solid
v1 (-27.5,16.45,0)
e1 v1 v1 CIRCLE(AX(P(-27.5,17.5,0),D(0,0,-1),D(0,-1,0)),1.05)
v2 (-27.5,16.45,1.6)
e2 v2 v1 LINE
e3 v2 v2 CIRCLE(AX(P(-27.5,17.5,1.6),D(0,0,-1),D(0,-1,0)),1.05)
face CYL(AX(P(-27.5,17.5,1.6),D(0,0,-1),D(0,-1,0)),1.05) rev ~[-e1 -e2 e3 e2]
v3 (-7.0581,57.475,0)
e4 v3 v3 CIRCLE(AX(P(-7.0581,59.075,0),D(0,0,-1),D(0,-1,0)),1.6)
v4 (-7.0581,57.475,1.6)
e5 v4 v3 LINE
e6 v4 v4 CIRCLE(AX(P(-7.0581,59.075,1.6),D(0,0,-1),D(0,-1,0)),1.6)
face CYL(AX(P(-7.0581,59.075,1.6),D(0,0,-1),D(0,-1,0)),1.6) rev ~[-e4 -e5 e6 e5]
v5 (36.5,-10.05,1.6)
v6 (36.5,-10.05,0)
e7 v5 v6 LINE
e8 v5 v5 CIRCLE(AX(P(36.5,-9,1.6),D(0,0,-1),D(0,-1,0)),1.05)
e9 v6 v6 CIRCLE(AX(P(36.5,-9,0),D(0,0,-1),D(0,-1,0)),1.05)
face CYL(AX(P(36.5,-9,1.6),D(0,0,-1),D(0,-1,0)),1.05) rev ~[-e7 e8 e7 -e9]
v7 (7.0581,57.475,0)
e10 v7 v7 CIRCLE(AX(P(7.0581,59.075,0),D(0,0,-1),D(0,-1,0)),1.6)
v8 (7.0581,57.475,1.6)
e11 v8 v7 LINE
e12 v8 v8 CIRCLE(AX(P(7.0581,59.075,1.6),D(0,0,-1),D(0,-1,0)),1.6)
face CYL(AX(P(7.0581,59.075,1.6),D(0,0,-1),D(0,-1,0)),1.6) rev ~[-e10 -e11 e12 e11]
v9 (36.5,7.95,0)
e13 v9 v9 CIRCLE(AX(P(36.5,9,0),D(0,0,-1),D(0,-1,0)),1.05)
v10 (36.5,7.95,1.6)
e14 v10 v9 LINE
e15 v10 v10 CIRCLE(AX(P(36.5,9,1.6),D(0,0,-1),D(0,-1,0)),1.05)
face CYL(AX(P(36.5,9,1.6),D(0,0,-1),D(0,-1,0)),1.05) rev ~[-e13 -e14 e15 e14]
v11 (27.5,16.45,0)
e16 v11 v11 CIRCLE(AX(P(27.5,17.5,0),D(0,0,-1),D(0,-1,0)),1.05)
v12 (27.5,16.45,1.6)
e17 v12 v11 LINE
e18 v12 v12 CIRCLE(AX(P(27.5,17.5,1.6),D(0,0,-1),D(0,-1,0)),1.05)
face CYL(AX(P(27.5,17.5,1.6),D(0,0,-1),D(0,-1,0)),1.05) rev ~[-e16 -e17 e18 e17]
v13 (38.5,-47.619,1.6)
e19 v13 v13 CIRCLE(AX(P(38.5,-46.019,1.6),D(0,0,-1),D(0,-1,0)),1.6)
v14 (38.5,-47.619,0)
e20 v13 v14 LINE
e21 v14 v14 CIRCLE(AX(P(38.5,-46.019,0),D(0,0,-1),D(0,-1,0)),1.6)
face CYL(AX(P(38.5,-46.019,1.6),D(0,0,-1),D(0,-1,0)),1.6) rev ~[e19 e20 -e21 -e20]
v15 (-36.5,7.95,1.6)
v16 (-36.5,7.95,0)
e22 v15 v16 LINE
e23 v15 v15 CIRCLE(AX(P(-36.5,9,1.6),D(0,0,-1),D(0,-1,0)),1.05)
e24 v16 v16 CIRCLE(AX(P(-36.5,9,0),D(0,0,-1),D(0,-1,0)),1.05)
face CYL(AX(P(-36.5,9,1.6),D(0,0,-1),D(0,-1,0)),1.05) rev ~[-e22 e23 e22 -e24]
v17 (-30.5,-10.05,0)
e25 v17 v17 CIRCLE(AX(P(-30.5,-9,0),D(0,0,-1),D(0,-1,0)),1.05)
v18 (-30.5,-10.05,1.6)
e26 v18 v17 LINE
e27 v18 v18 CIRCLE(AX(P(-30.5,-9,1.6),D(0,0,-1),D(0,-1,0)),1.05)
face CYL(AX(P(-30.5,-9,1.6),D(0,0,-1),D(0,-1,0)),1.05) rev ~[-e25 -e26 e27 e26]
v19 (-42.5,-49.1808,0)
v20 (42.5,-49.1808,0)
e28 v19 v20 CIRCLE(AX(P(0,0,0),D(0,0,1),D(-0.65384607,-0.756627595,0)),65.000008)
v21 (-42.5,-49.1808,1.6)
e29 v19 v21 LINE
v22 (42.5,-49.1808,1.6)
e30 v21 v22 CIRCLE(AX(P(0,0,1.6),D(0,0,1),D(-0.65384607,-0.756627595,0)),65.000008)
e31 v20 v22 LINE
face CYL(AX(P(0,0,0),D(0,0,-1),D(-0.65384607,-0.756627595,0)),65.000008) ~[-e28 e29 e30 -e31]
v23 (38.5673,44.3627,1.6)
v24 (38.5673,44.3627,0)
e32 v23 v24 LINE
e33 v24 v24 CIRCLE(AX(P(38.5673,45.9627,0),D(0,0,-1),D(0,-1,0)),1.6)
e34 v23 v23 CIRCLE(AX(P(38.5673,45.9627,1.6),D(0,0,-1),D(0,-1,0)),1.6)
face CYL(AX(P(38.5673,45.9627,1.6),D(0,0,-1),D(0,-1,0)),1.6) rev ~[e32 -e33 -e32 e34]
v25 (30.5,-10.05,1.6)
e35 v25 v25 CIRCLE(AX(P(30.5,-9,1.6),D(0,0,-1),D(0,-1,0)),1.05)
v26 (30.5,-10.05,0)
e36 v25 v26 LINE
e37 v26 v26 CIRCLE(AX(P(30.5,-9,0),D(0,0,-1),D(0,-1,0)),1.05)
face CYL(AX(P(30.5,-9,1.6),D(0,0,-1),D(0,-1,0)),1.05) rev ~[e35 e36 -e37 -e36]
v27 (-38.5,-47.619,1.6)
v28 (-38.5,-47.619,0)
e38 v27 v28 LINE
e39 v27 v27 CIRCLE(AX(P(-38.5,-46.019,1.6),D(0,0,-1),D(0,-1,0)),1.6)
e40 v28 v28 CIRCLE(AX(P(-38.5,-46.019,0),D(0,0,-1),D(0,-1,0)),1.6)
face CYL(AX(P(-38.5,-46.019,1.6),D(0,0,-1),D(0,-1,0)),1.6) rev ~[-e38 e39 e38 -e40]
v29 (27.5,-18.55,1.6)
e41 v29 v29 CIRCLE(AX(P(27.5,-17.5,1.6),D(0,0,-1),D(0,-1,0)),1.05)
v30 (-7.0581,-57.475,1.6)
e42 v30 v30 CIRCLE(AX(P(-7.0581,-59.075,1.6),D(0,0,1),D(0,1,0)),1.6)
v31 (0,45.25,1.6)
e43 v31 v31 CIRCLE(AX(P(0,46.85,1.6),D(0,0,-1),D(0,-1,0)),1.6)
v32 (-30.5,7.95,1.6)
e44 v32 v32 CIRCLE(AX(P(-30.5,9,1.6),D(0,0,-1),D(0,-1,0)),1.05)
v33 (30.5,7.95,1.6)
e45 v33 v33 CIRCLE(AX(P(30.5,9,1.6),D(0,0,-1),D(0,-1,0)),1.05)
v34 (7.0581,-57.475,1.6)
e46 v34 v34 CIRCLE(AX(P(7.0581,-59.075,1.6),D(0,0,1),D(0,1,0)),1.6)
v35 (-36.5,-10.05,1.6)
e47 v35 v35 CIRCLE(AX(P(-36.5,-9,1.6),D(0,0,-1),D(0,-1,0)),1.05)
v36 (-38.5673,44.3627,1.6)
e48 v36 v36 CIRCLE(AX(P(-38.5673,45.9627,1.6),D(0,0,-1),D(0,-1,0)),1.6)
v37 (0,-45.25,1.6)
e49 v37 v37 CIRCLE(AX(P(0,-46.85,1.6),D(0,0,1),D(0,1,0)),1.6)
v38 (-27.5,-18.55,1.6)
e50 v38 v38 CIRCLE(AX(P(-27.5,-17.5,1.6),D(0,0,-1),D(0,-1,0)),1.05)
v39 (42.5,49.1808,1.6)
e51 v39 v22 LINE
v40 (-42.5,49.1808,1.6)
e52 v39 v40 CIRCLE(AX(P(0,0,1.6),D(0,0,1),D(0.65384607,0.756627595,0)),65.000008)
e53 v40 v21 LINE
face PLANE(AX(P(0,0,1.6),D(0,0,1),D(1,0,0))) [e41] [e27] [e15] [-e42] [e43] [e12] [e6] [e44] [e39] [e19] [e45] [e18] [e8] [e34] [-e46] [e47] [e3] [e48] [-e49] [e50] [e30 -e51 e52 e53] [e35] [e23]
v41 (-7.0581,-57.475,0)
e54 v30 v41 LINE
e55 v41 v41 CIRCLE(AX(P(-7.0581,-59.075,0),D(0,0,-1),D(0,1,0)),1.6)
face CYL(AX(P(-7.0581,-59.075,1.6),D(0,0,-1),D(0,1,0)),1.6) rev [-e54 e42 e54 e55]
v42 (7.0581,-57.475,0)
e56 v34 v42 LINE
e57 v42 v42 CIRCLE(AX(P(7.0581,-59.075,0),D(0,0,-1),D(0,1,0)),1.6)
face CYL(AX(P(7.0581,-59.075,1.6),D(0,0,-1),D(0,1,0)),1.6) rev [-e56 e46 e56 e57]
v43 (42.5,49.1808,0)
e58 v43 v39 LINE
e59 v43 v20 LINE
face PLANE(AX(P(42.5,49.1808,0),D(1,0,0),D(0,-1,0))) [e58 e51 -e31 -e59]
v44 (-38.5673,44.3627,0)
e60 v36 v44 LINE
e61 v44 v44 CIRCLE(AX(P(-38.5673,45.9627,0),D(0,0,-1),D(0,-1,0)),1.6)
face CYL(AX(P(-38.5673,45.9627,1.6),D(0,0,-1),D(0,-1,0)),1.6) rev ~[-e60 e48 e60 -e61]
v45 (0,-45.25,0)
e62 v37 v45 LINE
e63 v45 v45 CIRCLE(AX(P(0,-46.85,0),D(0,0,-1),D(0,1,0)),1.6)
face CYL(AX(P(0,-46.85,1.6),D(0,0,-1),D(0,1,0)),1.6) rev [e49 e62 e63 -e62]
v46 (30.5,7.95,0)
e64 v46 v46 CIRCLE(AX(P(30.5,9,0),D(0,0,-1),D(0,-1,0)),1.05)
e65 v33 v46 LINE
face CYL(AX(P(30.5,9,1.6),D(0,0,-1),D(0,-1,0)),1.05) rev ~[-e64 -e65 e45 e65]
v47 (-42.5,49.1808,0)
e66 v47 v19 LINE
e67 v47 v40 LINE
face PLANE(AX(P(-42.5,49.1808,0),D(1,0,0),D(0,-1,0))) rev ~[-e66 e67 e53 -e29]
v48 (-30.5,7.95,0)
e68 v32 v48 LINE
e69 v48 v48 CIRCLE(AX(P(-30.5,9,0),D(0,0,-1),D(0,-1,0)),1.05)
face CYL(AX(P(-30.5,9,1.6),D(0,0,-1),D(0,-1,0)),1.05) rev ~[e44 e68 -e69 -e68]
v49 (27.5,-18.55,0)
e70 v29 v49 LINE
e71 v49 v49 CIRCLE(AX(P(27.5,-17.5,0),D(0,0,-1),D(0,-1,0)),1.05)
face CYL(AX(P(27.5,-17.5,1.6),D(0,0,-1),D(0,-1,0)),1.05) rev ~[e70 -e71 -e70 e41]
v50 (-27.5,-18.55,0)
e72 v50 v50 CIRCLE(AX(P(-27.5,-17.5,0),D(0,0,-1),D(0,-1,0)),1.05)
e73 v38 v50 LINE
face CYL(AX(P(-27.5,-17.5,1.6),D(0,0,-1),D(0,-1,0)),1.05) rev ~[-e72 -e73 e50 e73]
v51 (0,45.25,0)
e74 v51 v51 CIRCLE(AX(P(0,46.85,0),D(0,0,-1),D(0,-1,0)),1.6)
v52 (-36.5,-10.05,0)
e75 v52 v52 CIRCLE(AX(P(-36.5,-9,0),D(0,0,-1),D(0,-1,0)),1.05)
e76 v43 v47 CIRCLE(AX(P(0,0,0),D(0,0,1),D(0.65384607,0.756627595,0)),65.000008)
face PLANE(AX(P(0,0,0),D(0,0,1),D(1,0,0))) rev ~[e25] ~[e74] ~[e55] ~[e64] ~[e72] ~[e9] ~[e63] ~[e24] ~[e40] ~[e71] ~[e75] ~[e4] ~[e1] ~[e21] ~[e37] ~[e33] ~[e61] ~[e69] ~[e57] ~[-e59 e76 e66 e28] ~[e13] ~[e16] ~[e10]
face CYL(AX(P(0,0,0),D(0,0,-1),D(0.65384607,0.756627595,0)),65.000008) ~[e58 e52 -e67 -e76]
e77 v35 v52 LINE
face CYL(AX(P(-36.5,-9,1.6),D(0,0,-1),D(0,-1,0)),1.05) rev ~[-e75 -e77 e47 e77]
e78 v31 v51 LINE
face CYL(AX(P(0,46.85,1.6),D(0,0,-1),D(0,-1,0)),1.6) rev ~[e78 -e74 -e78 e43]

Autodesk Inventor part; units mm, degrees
ref_plane "YZ Plane" through (0, 0, 0) normal (1, 0, 0) x (0, 1, 0)
ref_plane "XZ Plane" through (0, 0, 0) normal (0, 1, 0) x (-1, 0, 0)
ref_plane "XY Plane" through (0, 0, 0) normal (0, 0, 1) x (1, 0, 0)
sketch "スケッチ1" plane through (0, 0, 0) normal (0, 0, 1) x (1, 0, 0)
  circle A0 centre (0, 0) radius 65 construction
  line L0 (-42.5, 65) -> (42.5, 65) construction
  line L1 (42.5, 65) -> (42.5, -65) construction
  line L2 (42.5, -65) -> (-42.5, -65) construction
  line L3 (-42.5, -65) -> (-42.5, 65) construction
  arc A1 (42.5, 49.1808) -> (-42.5, 49.1808) centre (0, 0) ccw
  line L4 (-42.5, 49.1808) -> (-42.5, -49.1808)
  line L5 (42.5, 49.1808) -> (42.5, -49.1808)
  arc A2 (-42.5, -49.1808) -> (42.5, -49.1808) centre (0, 0) ccw
  point P0 (0, 65)
  dimension "d0" = 130
  dimension "d1" = 85
extrude "基板" add sketch "スケッチ1" along normal blind 1.6
sketch "スケッチ2" plane through (0, 0, 1.6) normal (0, 0, 1) x (1, 0, 0)
  line L0 (-100.8621, 0) -> (100.8621, 0) construction
  line L1 (0, 110.7931) -> (0, -110.7931) construction
  line L2 (-42.5, 49.1808) -> (-42.5, -49.1808) construction
  circle A0 centre (0, 0) radius 60 construction
  point P0 (-36.5, 9)
  point P1 (-30.5, 9)
  point P2 (30.5, 9)
  point P3 (36.5, 9)
  point P4 (-36.5, -9)
  point P5 (-30.5, -9)
  point P6 (30.5, -9)
  point P7 (36.5, -9)
  point P8 (-40, -30)
  point P9 (-40, -45)
  point P10 (-42.5, -49.1808)
  point P11 (-27.5, -17.5)
  point P12 (-27.5, 17.5)
  point P13 (27.5, -17.5)
  point P14 (27.5, 17.5)
  dimension "d4" = 18
  dimension "d5" = 6
  dimension "d6" = 6
  dimension "d26" = 120
  dimension "d38" = 35
  dimension "d39" = 15
hole "モータ取付穴" at (-36.5, 9, 1.6) at (-30.5, 9, 1.6) at (30.5, 9, 1.6) at (36.5, 9, 1.6) at (-36.5, -9, 1.6) at (-30.5, -9, 1.6) at (30.5, -9, 1.6) at (36.5, -9, 1.6) at (-27.5, -17.5, 1.6) at (-27.5, 17.5, 1.6) at (27.5, -17.5, 1.6) at (27.5, 17.5, 1.6) direction (0, 0, -1) diameter 2.1 end through all
sketch "スケッチ3" plane through (0, 0, 1.6) normal (0, 0, 1) x (1, 0, 0)
  line L0 (0, 0) -> (0, 55.332) construction
  line L1 (-15.38, 55) -> (15.38, 55) construction
  line L2 (0, 46.85) -> (-7.0581, 50.925) construction
  line L3 (-7.0581, 50.925) -> (-7.0581, 59.075) construction
  line L4 (-7.0581, 59.075) -> (0, 63.15) construction
  line L5 (0, 63.15) -> (7.0581, 59.075) construction
  line L6 (7.0581, 59.075) -> (7.0581, 50.925) construction
  line L7 (7.0581, 50.925) -> (0, 46.85) construction
  arc A0 (42.5, 49.1808) -> (-42.5, 49.1808) centre (0, 0) ccw construction
  point P0 (0, 55)
  point P1 (0, 55)
  point P2 (0, 65)
  dimension "d17" = 16.3
  dimension "d18" = 10
hole "ボールキャスター取付穴" at (-7.0581, 59.075, 1.6) at (7.0581, 59.075, 1.6) at (0, 46.85, 1.6) direction (0, 0, -1) diameter 3.2 end through all
sketch "スケッチ4" plane through (0, 0, 1.6) normal (0, 0, 1) x (1, 0, 0)
  line L0 (0, -55.1622) -> (0, 55.1622) construction
  line L1 (42.5, -49.1808) -> (42.5, 49.1808) construction
  circle A0 centre (0, 0) radius 60 construction
  line L2 (0, 0) -> (36.3616, 43.334) construction
  line L3 (0, 0) -> (56.5685, 0) construction
  point P0 (38.5, -46.019)
  point P1 (-38.5, -46.019)
  point P2 (38.5673, 45.9627)
  point P3 (-38.5673, 45.9627)
  dimension "d27" = 4
  dimension "d29" = 120
  dimension "d30" = 50
hole "スペーサ取付穴" at (38.5, -46.019, 1.6) at (-38.5, -46.019, 1.6) at (38.5673, 45.9627, 1.6) at (-38.5673, 45.9627, 1.6) direction (0, 0, -1) diameter 3.2 end through all
mirror "ミラー1" about plane through (0, 0, 0) normal (0, 1, 0) of "ボールキャスター取付穴"
properties part number "BaseBoard2"
